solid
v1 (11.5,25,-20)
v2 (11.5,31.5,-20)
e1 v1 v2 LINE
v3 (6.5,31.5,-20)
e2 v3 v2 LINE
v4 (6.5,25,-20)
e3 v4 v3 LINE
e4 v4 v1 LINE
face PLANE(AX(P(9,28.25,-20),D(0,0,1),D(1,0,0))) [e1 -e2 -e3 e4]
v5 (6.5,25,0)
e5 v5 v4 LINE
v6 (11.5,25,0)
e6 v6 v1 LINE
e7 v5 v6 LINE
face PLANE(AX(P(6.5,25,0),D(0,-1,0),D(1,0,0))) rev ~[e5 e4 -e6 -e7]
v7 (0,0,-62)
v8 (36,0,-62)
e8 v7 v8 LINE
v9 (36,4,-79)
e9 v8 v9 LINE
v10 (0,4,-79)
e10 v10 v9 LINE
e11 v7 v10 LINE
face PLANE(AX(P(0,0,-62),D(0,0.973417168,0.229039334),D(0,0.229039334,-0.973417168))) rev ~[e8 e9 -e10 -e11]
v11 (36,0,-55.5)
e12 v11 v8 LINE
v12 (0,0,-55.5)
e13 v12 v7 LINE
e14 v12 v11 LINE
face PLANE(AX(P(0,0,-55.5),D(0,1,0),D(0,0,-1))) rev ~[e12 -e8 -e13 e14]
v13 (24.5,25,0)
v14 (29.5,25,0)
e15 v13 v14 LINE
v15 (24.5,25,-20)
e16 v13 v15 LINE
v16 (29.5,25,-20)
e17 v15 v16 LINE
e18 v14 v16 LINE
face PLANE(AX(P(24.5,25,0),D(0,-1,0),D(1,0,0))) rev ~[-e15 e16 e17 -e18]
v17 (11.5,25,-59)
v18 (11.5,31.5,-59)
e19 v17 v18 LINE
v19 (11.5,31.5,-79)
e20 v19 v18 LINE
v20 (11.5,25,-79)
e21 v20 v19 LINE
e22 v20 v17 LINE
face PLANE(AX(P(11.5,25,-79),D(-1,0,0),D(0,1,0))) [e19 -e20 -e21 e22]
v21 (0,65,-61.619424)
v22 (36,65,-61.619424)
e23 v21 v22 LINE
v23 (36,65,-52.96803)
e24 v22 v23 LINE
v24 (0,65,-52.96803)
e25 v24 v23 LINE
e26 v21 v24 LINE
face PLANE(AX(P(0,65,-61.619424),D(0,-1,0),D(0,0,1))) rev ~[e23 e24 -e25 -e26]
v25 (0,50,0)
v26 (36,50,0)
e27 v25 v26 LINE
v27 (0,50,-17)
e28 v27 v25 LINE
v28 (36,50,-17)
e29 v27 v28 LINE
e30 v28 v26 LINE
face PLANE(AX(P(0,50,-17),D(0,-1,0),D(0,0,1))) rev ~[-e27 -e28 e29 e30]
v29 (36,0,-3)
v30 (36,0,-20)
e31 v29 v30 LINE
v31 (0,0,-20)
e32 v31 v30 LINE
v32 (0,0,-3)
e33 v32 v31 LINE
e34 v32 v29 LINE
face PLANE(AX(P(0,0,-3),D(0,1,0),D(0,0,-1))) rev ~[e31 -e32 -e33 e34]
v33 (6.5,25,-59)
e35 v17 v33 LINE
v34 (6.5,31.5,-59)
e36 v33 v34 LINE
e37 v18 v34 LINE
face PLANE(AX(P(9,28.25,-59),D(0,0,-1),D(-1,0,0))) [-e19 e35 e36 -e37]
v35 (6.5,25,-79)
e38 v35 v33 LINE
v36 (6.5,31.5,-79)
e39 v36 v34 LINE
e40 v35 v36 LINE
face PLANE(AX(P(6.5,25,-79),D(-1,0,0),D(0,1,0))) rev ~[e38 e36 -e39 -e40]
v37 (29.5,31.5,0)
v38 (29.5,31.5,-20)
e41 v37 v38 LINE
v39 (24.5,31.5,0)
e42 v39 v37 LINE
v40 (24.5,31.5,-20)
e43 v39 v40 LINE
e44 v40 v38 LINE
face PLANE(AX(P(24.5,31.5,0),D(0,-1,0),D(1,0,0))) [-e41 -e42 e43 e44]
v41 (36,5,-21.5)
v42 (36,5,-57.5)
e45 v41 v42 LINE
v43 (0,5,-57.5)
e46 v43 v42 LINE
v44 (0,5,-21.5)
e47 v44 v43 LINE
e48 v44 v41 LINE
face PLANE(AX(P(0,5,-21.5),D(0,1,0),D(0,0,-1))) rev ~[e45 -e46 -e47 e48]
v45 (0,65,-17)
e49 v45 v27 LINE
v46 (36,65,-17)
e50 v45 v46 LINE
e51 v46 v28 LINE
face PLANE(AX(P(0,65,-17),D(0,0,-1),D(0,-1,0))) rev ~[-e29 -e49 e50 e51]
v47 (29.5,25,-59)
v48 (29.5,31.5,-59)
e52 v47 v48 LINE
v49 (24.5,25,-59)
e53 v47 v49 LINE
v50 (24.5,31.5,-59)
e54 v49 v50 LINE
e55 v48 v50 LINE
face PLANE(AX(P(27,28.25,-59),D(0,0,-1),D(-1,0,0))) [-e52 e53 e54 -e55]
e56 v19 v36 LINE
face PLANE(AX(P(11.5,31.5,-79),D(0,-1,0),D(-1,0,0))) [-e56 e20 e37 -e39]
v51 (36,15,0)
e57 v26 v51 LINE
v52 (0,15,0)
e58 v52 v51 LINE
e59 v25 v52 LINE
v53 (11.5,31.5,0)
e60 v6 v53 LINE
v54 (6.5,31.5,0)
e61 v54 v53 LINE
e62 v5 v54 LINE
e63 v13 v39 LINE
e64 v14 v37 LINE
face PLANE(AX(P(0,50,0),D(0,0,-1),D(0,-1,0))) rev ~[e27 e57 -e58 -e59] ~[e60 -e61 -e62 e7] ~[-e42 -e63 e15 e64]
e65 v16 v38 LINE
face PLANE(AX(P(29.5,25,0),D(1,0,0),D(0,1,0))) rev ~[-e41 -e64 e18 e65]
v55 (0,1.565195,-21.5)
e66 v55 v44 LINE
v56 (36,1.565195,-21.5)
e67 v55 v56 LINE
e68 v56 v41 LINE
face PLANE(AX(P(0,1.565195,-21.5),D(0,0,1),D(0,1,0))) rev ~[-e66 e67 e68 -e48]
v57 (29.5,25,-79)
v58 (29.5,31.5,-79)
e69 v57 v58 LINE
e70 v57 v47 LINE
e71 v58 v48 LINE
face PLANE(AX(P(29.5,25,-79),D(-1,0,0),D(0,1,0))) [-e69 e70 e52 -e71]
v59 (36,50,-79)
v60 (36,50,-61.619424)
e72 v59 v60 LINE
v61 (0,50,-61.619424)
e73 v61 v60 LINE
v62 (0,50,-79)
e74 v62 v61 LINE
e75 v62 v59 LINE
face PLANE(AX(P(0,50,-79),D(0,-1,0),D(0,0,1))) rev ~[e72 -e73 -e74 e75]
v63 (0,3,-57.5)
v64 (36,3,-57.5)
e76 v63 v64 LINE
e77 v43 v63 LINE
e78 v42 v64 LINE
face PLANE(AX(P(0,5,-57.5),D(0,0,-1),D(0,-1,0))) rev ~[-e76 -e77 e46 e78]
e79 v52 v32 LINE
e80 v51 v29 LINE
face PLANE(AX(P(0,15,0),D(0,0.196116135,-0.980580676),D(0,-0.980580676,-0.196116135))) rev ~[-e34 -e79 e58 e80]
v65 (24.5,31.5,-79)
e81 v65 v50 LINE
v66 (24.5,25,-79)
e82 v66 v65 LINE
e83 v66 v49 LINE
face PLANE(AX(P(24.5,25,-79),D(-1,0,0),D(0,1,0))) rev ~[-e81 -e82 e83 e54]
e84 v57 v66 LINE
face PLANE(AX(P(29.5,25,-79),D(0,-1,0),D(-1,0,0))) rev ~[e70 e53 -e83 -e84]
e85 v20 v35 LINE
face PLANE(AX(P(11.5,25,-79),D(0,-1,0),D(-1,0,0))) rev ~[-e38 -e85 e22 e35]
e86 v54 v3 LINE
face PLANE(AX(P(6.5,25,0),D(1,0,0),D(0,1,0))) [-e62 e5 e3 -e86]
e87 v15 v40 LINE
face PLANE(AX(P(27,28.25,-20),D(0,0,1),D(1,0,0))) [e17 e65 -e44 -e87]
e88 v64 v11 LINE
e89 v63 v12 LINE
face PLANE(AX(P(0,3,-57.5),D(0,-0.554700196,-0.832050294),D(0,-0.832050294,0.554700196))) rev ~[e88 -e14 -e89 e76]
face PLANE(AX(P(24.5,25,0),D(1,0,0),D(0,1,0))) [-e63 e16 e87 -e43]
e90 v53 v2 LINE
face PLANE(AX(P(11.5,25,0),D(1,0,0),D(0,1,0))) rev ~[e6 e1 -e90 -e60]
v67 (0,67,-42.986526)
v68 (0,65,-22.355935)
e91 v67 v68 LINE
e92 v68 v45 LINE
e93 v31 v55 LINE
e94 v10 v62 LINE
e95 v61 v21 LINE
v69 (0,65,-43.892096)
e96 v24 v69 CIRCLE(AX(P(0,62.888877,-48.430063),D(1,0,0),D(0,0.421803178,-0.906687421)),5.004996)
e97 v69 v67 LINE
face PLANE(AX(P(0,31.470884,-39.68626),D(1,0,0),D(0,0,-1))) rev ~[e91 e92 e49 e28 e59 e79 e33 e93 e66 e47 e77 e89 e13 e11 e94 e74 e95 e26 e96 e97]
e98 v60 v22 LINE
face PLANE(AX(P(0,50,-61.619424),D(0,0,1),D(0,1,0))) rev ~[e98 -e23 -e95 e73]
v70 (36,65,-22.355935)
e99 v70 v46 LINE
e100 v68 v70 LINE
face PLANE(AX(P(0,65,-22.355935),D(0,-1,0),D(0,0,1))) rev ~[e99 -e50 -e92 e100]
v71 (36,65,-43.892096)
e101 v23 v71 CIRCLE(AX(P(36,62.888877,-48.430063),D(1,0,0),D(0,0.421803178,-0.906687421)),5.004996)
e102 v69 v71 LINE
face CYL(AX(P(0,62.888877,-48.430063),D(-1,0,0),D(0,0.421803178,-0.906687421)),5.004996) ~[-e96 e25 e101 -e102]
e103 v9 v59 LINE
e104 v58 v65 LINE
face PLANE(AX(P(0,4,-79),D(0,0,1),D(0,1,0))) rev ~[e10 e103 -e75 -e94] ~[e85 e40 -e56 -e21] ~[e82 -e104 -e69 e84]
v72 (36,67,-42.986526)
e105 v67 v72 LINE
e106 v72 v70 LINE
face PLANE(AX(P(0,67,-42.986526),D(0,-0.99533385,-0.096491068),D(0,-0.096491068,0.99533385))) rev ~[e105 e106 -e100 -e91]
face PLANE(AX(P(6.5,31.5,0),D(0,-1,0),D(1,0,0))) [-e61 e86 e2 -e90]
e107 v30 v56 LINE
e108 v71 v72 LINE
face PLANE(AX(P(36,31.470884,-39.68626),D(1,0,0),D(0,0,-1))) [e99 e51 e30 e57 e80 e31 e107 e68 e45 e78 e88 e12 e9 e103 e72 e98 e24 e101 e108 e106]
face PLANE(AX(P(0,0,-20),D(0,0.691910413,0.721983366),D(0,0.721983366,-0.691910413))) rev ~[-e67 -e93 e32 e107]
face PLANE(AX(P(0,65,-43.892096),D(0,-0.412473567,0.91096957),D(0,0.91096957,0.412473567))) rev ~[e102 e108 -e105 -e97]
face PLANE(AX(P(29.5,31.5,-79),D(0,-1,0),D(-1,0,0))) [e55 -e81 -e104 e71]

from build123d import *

# Parameters (mm, degrees)
EXTRUDE_1_DEPTH     = 36
SKETCH_2_W          = 5
SKETCH_2_H          = 6.5
CUT_EXTRUDE_1_DEPTH = 20
SKETCH_3_W          = 5
SKETCH_3_H          = 6.5
CUT_EXTRUDE_2_DEPTH = 20


with BuildPart() as part:
    # Эскиз1 → Бобышка-Вытянуть1 (new body)
    with BuildSketch(Plane(origin=(0, 0, 0), x_dir=(0, 0, -1), z_dir=(1, 0, 0))):
        with BuildLine():
            Line((0, 15), (3, 0))
            Line((3, 0), (20, 0))
            Line((20, 0), (21.5, 1.565195477))
            Line((21.5, 1.565195477), (21.5, 5))
            Line((21.5, 5), (57.5, 5))
            Line((57.5, 5), (57.5, 3))
            Line((57.5, 3), (55.5, 0))
            Line((55.5, 0), (62, 0))
            Line((62, 0), (79, 4))
            Line((79, 4), (79, 50))
            Line((79, 50), (61.619424271, 50))
            Line((61.619424271, 50), (61.619424271, 65))
            Line((61.619424271, 65), (52.96803048, 65))
            ThreePointArc((52.96803048, 65), (48.430063355, 67.893872917), (43.892096231, 65))
            Line((43.892096231, 65), (42.98652577, 67))
            Line((42.98652577, 67), (22.355935477, 65))
            Line((22.355935477, 65), (17, 65))
            Line((17, 65), (17, 50))
            Line((17, 50), (0, 50))
            Line((0, 50), (0, 15))
        make_face()
    extrude(amount=EXTRUDE_1_DEPTH)

    # Эскиз2 → Вырез-Вытянуть1 (cut)
    with BuildSketch(Plane(origin=(0, 0, -79), x_dir=(-1, 0, 0), z_dir=(0, 0, -1))):
        with Locations((-27, 28.25)):
            Rectangle(SKETCH_2_W, SKETCH_2_H)
        with Locations((-9, 28.25)):
            Rectangle(SKETCH_2_W, SKETCH_2_H)
    extrude(amount=-CUT_EXTRUDE_1_DEPTH, mode=Mode.SUBTRACT)

    # Эскиз3 → Вырез-Вытянуть2 (cut)
    with BuildSketch(Plane.XY):
        with Locations((9, 28.25)):
            Rectangle(SKETCH_3_W, SKETCH_3_H)
        with Locations((27, 28.25)):
            Rectangle(SKETCH_3_W, SKETCH_3_H)
    extrude(amount=-CUT_EXTRUDE_2_DEPTH, mode=Mode.SUBTRACT)


solid = part.part
